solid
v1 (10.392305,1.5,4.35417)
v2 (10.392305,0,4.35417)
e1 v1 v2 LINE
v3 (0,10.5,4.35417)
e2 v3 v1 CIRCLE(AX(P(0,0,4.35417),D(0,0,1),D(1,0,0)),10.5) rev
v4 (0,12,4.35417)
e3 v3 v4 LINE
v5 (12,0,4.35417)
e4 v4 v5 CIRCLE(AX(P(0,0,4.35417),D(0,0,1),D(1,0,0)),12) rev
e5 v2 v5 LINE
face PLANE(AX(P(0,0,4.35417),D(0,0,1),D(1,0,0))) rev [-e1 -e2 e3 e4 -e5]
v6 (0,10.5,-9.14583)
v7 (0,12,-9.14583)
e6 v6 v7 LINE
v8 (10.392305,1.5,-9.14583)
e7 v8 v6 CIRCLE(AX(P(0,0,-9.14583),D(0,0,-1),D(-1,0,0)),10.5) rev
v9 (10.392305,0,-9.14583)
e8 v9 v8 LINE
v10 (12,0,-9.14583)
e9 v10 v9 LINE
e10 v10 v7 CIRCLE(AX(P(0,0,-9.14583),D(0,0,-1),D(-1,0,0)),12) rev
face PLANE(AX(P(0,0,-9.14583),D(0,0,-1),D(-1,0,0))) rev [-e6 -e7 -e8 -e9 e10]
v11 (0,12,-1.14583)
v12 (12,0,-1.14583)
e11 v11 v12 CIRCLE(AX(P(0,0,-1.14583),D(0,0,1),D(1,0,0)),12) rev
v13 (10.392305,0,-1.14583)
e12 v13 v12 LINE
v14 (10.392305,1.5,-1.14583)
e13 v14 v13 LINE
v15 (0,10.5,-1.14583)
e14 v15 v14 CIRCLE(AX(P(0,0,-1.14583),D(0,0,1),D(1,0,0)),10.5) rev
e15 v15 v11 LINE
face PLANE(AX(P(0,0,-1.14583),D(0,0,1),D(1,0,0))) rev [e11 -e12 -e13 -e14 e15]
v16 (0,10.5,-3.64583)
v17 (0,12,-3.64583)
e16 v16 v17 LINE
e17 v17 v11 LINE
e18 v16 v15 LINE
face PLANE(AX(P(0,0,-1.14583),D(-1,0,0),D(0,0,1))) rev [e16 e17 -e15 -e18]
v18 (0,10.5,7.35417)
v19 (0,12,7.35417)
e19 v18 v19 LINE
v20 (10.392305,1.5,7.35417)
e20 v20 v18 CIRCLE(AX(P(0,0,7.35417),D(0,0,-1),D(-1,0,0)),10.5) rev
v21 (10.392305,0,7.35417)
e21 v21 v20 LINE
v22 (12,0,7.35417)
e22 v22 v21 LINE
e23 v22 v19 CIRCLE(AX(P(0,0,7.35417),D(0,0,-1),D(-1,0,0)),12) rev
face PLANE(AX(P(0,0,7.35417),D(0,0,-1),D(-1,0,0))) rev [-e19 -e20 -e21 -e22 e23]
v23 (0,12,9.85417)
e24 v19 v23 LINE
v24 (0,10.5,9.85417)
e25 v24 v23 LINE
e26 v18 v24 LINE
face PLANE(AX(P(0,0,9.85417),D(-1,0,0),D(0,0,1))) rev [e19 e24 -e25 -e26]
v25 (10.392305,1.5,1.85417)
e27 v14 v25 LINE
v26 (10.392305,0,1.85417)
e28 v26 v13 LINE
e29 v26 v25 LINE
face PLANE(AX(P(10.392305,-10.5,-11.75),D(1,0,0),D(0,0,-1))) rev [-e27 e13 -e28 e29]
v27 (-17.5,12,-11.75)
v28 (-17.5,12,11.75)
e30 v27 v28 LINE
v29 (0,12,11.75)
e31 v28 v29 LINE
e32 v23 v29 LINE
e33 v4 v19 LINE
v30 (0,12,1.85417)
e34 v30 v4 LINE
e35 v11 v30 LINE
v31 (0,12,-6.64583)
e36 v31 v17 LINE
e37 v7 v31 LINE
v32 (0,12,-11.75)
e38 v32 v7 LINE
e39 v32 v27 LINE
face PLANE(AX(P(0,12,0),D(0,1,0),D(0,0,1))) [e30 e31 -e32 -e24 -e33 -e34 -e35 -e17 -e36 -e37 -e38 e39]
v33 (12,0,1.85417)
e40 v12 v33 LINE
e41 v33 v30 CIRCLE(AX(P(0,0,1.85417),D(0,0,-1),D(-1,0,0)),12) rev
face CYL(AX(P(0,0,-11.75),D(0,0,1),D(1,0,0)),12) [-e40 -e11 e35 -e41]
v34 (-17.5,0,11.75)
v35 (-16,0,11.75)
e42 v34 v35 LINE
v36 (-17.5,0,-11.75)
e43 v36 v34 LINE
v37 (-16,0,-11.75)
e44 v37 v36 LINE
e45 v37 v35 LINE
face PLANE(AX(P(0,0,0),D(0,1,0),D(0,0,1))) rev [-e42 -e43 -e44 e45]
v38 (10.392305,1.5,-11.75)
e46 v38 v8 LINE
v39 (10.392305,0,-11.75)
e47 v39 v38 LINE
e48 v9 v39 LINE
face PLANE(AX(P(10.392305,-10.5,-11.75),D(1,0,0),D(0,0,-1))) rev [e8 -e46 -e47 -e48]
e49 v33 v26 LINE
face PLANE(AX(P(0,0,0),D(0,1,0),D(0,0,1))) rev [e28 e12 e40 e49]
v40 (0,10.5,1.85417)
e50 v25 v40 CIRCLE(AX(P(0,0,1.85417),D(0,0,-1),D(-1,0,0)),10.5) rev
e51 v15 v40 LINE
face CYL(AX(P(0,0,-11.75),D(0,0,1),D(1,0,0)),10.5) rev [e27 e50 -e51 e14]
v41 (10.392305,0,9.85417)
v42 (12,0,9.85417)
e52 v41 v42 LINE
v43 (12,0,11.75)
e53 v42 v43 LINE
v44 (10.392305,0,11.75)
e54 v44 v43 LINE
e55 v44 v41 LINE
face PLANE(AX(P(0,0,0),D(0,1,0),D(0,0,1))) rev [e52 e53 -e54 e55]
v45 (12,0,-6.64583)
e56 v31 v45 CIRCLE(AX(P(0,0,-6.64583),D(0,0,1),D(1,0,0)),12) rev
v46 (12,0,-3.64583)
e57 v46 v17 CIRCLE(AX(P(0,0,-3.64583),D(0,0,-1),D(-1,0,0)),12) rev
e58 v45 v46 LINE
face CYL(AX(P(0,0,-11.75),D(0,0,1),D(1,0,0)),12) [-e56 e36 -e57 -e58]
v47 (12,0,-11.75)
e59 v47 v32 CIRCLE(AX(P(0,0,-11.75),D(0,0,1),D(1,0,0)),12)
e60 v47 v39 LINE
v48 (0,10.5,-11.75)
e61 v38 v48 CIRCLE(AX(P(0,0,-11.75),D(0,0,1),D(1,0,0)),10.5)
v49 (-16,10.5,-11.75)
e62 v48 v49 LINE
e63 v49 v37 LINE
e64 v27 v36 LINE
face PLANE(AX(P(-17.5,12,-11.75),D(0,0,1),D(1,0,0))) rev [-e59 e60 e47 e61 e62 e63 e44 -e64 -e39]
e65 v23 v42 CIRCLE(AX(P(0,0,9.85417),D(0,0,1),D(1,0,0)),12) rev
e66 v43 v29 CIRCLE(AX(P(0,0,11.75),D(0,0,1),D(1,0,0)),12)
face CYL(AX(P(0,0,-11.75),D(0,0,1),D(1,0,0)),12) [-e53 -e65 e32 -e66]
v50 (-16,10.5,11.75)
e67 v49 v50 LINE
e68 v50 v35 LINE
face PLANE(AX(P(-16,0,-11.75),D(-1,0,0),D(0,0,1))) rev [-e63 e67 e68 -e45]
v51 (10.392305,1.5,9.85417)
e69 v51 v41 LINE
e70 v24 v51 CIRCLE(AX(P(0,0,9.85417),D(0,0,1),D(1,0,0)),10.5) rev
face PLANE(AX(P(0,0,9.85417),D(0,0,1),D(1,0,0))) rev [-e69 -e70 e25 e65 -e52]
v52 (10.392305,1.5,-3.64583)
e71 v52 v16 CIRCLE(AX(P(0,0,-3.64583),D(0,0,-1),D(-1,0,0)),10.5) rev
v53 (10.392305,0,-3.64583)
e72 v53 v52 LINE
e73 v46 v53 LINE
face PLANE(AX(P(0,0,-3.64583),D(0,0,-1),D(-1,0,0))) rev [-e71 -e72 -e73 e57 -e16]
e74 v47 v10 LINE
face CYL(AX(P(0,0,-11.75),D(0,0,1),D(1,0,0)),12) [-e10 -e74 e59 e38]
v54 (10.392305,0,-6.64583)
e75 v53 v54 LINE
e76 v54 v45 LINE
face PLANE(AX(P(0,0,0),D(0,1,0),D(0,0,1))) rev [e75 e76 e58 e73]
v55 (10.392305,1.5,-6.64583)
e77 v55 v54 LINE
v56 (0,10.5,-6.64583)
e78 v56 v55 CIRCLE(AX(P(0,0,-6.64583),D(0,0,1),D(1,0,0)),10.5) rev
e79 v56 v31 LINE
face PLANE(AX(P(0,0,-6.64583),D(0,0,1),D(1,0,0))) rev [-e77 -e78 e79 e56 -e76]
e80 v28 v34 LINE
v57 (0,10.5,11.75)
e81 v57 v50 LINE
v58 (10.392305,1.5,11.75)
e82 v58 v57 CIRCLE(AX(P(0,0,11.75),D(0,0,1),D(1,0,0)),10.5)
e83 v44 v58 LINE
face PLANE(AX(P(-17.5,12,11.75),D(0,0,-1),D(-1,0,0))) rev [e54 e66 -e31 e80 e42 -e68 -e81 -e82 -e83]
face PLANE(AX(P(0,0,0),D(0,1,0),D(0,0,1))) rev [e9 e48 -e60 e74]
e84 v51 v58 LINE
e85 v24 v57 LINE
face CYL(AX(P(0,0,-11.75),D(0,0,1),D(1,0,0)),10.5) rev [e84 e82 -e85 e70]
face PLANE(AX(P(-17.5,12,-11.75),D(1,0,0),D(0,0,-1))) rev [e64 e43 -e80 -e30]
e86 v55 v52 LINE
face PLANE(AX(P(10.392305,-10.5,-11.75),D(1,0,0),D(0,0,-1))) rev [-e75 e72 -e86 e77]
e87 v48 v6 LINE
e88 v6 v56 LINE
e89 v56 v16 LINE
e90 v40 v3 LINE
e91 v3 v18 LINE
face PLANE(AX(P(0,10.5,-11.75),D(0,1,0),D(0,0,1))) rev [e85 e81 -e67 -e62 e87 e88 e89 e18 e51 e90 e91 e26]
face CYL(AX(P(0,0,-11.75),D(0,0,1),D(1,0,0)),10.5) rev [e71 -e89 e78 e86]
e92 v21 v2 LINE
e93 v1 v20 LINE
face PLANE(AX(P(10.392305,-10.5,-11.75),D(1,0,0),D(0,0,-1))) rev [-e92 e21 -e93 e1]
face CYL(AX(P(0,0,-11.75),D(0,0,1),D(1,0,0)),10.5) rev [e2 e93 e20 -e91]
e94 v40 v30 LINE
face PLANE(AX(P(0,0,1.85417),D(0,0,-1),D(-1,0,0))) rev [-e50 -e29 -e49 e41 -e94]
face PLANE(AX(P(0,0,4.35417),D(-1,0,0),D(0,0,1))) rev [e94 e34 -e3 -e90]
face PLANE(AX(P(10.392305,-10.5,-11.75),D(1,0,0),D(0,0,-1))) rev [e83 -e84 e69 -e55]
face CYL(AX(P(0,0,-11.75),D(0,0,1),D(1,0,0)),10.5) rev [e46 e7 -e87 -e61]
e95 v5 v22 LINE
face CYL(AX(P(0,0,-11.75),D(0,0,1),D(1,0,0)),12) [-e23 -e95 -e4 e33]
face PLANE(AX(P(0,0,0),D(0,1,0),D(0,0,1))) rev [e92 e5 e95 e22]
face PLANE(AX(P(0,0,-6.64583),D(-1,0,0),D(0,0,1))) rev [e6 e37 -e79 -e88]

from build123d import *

# Parameters (mm, degrees)
SKETCH1_W           = 35
SKETCH1_H           = 23.5
BOSS_EXTRUDE1_DEPTH = 12
CUT_EXTRUDE1_DEPTH  = 32.662280398
CUT_EXTRUDE2_DEPTH  = 32.662280398
SKETCH5_W           = 26.392304845
SKETCH5_H           = 23.5
CUT_EXTRUDE3_DEPTH  = 12
SKETCH6_W           = 14.786732963
SKETCH6_H           = 2.5
CUT_EXTRUDE4_DEPTH  = 25.255154091


with BuildPart() as part:
    # Sketch1 → Boss-Extrude1 (new body)
    with BuildSketch(Plane(origin=(0, 0, 0), x_dir=(1, 0, 0), z_dir=(0, 1, 0))):
        Rectangle(SKETCH1_W, SKETCH1_H)
    extrude(amount=BOSS_EXTRUDE1_DEPTH)

    # Sketch3 → Cut-Extrude1 (cut, through all)
    with BuildSketch(Plane.XY.offset(11.75)):
        with BuildLine():
            Line((17.5, 12), (0, 12))
            ThreePointArc((0, 12), (8.485281374, 8.485281374), (12, 0))
            Line((12, 0), (17.5, 0))
            Line((17.5, 0), (17.5, 12))
        make_face()
    extrude(amount=-CUT_EXTRUDE1_DEPTH, mode=Mode.SUBTRACT)

    # Sketch4 → Cut-Extrude2 (cut, through all)
    with BuildSketch(Plane.XY.offset(11.75)):
        with BuildLine():
            Line((-16, 1.5), (10.392304845, 1.5))
            ThreePointArc((10.392304845, 1.5), (6.873863542, 7.937253933), (0, 10.5))
            Line((0, 10.5), (-16, 10.5))
            Line((-16, 10.5), (-16, 1.5))
        make_face()
    extrude(amount=-CUT_EXTRUDE2_DEPTH, mode=Mode.SUBTRACT)

    # Sketch5 → Cut-Extrude3 (cut)
    with BuildSketch(Plane(origin=(0, 1.5, 0), x_dir=(1, 0, 0), z_dir=(0, 1, 0))):
        with Locations((-2.803847578, 0)):
            Rectangle(SKETCH5_W, SKETCH5_H)
    extrude(amount=-CUT_EXTRUDE3_DEPTH, mode=Mode.SUBTRACT)

    # Sketch6 → Cut-Extrude4 (cut, through all)
    with BuildSketch(Plane(origin=(0, 12, 0), x_dir=(1, 0, 0), z_dir=(0, 1, 0))):
        with Locations((7.393366482, -8.60416966)):
            Rectangle(SKETCH6_W, SKETCH6_H)
        with Locations((7.393366482, -3.10416966)):
            Rectangle(SKETCH6_W, SKETCH6_H)
        with Locations((7.393366482, 2.39583034)):
            Rectangle(SKETCH6_W, SKETCH6_H)
        with Locations((7.393366482, 7.89583034)):
            Rectangle(SKETCH6_W, SKETCH6_H)
    extrude(amount=-CUT_EXTRUDE4_DEPTH, mode=Mode.SUBTRACT)


solid = part.part
